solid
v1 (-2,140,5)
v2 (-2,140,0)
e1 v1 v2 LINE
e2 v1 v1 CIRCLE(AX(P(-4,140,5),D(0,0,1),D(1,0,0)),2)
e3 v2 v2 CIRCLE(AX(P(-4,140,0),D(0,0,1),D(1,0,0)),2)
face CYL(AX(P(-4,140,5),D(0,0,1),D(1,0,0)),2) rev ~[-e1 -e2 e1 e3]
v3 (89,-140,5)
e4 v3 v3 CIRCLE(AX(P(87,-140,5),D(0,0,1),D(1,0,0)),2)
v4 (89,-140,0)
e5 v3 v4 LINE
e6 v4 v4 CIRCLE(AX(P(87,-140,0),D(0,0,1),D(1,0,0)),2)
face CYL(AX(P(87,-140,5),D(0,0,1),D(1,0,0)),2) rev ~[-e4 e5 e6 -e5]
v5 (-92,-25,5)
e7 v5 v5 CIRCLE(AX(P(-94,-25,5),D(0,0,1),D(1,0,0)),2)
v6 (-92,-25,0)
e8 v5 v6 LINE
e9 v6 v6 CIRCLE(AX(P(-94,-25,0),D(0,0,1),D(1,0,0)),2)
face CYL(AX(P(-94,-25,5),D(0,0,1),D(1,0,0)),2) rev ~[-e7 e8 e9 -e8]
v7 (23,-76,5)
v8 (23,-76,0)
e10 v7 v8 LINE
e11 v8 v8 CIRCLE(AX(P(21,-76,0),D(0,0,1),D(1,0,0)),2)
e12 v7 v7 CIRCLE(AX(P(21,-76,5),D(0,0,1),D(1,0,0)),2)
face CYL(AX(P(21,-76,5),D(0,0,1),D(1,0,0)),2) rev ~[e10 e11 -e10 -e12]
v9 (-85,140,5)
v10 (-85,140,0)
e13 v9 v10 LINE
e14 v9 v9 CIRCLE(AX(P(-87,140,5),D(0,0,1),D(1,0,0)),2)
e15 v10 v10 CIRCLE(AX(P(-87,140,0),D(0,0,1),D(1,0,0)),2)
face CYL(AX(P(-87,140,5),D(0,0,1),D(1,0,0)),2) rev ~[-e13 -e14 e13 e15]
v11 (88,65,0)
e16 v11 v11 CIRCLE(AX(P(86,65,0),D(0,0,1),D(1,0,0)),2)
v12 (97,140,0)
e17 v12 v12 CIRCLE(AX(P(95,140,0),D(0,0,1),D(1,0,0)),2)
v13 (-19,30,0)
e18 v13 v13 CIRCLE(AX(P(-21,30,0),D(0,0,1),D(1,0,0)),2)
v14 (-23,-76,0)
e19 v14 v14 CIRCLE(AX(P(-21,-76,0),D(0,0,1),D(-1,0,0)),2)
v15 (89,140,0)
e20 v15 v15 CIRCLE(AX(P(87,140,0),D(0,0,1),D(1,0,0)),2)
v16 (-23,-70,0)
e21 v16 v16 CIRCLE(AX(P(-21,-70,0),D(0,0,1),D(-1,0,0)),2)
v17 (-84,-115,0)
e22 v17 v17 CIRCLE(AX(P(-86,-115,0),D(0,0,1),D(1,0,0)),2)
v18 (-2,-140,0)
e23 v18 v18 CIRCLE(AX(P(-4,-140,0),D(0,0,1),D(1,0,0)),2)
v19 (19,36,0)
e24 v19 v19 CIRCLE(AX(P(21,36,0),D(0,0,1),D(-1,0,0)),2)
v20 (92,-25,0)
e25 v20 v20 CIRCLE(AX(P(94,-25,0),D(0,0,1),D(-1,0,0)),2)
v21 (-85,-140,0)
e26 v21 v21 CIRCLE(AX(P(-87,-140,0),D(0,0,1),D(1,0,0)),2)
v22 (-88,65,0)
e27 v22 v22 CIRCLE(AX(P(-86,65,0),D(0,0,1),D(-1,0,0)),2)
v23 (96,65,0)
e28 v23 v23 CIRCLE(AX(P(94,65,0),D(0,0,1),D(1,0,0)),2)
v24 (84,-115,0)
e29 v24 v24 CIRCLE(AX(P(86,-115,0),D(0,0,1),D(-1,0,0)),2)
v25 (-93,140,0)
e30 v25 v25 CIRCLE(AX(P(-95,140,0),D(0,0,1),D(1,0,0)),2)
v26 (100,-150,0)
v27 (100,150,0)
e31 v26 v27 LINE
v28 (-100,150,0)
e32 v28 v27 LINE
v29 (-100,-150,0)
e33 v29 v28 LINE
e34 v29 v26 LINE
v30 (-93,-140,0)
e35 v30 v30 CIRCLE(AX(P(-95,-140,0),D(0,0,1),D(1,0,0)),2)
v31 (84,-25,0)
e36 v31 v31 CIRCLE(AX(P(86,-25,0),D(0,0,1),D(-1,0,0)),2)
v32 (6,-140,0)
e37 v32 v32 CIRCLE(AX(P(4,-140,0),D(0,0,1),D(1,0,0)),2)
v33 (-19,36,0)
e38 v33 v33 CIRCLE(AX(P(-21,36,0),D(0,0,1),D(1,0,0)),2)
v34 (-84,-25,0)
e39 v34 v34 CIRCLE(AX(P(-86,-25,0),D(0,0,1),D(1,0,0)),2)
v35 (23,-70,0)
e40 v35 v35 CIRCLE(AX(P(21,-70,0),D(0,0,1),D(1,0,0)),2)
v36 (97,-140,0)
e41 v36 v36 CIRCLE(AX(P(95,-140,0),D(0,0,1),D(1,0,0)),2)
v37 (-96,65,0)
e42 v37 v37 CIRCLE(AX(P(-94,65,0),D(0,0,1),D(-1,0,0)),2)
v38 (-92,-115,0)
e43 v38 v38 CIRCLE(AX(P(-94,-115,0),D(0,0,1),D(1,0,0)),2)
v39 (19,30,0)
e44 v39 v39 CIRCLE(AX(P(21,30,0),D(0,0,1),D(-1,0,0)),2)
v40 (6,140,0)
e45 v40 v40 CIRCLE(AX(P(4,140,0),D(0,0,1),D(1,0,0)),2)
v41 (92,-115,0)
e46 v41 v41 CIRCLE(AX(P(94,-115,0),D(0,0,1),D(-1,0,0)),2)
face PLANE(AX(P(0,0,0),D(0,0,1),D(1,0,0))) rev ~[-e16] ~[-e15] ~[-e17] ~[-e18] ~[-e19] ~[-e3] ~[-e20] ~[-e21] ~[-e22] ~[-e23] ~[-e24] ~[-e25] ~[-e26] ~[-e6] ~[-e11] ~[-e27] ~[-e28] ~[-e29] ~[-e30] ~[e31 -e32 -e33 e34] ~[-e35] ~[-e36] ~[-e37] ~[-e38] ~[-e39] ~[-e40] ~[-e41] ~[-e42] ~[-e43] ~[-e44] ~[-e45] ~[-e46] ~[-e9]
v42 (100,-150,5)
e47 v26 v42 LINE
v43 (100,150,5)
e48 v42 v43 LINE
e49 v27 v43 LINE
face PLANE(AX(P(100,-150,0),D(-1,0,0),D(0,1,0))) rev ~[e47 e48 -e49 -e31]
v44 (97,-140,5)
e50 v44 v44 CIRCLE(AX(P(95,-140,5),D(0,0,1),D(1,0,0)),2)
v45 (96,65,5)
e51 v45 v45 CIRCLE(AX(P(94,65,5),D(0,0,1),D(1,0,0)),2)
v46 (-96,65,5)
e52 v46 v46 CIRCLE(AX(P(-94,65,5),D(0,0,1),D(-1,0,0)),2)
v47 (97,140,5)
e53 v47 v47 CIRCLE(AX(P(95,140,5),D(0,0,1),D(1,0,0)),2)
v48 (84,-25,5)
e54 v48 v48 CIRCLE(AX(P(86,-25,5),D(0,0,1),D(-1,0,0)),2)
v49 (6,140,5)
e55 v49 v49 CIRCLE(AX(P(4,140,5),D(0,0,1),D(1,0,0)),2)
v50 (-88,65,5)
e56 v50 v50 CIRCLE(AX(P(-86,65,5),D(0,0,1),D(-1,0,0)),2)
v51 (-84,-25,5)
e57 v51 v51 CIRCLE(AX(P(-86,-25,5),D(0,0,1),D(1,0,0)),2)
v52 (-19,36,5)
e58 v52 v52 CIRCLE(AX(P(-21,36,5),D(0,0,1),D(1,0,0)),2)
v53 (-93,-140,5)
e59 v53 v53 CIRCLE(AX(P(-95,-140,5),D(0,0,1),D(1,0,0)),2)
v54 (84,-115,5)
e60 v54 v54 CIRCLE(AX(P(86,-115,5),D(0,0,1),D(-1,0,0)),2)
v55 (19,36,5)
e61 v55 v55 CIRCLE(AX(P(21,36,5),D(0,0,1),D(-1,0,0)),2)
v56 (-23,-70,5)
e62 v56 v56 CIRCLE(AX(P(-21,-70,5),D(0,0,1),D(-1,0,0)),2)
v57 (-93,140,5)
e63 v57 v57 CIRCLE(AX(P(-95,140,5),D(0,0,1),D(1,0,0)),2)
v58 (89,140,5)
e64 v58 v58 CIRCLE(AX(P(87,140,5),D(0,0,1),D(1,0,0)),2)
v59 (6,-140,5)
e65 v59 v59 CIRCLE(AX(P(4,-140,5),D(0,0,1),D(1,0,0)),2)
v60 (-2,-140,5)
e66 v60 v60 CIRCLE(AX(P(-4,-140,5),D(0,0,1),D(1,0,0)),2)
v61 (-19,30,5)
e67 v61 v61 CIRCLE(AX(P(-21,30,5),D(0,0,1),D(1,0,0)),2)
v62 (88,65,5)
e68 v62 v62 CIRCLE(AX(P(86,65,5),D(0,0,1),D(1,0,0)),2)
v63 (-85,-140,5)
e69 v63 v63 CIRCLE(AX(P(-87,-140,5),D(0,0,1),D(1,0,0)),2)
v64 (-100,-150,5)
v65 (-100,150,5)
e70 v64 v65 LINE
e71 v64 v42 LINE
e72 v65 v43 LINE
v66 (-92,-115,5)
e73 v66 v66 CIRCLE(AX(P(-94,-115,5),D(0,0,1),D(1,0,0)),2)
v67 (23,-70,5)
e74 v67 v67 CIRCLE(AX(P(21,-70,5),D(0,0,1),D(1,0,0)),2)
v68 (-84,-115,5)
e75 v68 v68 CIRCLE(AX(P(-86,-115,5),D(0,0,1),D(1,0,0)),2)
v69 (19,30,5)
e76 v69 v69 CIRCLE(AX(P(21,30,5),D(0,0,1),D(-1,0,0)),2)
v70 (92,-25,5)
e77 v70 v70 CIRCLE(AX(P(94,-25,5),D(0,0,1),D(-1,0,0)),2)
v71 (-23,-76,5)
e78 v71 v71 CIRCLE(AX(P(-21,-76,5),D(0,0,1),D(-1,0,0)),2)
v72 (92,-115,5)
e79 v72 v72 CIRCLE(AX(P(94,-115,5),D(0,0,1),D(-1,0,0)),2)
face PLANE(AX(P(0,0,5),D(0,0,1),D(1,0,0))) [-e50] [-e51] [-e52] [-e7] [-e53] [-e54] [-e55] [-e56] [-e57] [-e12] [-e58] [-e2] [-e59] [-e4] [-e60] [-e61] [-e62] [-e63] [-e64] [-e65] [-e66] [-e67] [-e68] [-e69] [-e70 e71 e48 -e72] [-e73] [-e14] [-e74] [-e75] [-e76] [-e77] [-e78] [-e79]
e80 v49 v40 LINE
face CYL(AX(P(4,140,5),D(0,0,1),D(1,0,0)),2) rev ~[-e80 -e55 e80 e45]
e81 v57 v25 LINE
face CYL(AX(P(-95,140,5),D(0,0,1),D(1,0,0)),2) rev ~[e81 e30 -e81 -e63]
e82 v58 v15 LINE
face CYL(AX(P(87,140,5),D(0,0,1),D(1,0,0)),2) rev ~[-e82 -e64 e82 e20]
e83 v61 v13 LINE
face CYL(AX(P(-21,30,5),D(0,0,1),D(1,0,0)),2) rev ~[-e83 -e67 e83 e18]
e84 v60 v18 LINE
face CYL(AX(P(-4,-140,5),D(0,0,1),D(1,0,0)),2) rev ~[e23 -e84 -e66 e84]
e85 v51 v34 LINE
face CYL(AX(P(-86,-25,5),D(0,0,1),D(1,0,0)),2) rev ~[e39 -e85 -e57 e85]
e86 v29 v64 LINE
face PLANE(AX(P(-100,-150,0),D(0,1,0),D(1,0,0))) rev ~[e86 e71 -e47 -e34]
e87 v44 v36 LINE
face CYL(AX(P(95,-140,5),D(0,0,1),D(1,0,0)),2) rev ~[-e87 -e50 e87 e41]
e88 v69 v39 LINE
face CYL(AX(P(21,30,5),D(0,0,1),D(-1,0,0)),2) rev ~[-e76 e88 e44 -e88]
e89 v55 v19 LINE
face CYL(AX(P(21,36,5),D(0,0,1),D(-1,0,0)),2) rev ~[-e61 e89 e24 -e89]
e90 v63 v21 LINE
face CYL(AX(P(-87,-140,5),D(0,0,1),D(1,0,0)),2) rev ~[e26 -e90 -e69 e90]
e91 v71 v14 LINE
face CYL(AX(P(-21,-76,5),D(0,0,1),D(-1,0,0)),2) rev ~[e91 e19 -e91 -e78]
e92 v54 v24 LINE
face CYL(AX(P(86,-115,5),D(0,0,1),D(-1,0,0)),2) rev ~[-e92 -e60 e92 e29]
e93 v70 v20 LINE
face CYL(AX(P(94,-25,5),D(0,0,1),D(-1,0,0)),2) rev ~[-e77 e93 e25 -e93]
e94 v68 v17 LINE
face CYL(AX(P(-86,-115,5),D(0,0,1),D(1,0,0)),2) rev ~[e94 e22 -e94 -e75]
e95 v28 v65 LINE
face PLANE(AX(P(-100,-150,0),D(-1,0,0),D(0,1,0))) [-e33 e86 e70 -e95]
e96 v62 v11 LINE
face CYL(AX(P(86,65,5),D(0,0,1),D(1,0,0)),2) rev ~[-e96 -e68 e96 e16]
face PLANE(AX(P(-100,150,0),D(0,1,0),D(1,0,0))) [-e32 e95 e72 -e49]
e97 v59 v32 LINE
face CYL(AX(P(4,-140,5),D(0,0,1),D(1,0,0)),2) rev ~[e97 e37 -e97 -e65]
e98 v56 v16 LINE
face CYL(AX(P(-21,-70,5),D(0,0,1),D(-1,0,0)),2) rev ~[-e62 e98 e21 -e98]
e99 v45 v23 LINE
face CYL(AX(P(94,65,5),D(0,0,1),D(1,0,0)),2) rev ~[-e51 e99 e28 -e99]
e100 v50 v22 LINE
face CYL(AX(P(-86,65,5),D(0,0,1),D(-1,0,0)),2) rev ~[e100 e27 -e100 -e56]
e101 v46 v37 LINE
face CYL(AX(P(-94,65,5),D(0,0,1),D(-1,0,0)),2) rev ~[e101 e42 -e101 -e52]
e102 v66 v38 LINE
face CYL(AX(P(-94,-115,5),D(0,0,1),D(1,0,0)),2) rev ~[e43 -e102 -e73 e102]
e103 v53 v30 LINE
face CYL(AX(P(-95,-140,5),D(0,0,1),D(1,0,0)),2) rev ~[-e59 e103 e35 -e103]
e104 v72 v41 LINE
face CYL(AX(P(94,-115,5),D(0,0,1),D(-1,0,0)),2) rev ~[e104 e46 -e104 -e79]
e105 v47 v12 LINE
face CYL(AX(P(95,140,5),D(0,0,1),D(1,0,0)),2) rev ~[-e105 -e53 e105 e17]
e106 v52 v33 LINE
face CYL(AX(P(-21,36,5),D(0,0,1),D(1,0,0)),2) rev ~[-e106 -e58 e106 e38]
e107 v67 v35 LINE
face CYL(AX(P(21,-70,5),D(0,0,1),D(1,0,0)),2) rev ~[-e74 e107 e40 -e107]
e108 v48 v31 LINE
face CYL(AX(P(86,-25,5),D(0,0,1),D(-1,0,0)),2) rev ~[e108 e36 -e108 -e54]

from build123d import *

# Parameters (mm, degrees)
SKETCH1_W           = 200
SKETCH1_H           = 300
BOSS_EXTRUDE1_DEPTH = 5
SKETCH2_R           = 2
CUT_EXTRUDE1_DEPTH  = 5
SKETCH3_R           = 2
CUT_EXTRUDE2_DEPTH  = 5
SKETCH4_R           = 2
CUT_EXTRUDE3_DEPTH  = 214


with BuildPart() as part:
    # Sketch1 → Boss-Extrude1 (new body)
    with BuildSketch(Plane.XY):
        Rectangle(SKETCH1_W, SKETCH1_H)
    extrude(amount=BOSS_EXTRUDE1_DEPTH)

    # Sketch2 → Cut-Extrude1 (cut)
    with BuildSketch(Plane.XY.offset(5)):
        with Locations((-86, -25)):
            Circle(SKETCH2_R)
        with Locations((-94, -25)):
            Circle(SKETCH2_R)
        with Locations(Location((86, -25, 0), (0, 0, 180))):
            Circle(SKETCH2_R)
        with Locations(Location((94, -25, 0), (0, 0, 180))):
            Circle(SKETCH2_R)
        with Locations((94, 65)):
            Circle(SKETCH2_R)
        with Locations((86, 65)):
            Circle(SKETCH2_R)
        with Locations(Location((-94, 65, 0), (0, 0, 180))):
            Circle(SKETCH2_R)
        with Locations(Location((-86, 65, 0), (0, 0, 180))):
            Circle(SKETCH2_R)
        with Locations((-86, -115)):
            Circle(SKETCH2_R)
        with Locations((-94, -115)):
            Circle(SKETCH2_R)
        with Locations(Location((86, -115, 0), (0, 0, 180))):
            Circle(SKETCH2_R)
        with Locations(Location((94, -115, 0), (0, 0, 180))):
            Circle(SKETCH2_R)
    extrude(amount=-CUT_EXTRUDE1_DEPTH, mode=Mode.SUBTRACT)

    # Sketch3 → Cut-Extrude2 (cut)
    with BuildSketch(Plane.XY.offset(5)):
        with Locations((-21, 30)):
            Circle(SKETCH3_R)
        with Locations((-21, 36)):
            Circle(SKETCH3_R)
        with Locations(Location((21, 36, 0), (0, 0, 180))):
            Circle(SKETCH3_R)
        with Locations(Location((21, 30, 0), (0, 0, 180))):
            Circle(SKETCH3_R)
        with Locations((21, -70)):
            Circle(SKETCH3_R)
        with Locations((21, -76)):
            Circle(SKETCH3_R)
        with Locations(Location((-21, -76, 0), (0, 0, 180))):
            Circle(SKETCH3_R)
        with Locations(Location((-21, -70, 0), (0, 0, 180))):
            Circle(SKETCH3_R)
    extrude(amount=-CUT_EXTRUDE2_DEPTH, mode=Mode.SUBTRACT)

    # Sketch4 → Cut-Extrude3 (cut)
    with BuildSketch(Plane.XY.offset(5)):
        with Locations((-95, 140)):
            Circle(SKETCH4_R)
        with Locations((-87, 140)):
            Circle(SKETCH4_R)
        with Locations((-4, 140)):
            Circle(SKETCH4_R)
        with Locations((4, 140)):
            Circle(SKETCH4_R)
        with Locations((95, 140)):
            Circle(SKETCH4_R)
        with Locations((87, 140)):
            Circle(SKETCH4_R)
        with Locations((87, -140)):
            Circle(SKETCH4_R)
        with Locations((95, -140)):
            Circle(SKETCH4_R)
        with Locations((4, -140)):
            Circle(SKETCH4_R)
        with Locations((-4, -140)):
            Circle(SKETCH4_R)
        with Locations((-87, -140)):
            Circle(SKETCH4_R)
        with Locations((-95, -140)):
            Circle(SKETCH4_R)
    extrude(amount=-CUT_EXTRUDE3_DEPTH, mode=Mode.SUBTRACT)


solid = part.part
